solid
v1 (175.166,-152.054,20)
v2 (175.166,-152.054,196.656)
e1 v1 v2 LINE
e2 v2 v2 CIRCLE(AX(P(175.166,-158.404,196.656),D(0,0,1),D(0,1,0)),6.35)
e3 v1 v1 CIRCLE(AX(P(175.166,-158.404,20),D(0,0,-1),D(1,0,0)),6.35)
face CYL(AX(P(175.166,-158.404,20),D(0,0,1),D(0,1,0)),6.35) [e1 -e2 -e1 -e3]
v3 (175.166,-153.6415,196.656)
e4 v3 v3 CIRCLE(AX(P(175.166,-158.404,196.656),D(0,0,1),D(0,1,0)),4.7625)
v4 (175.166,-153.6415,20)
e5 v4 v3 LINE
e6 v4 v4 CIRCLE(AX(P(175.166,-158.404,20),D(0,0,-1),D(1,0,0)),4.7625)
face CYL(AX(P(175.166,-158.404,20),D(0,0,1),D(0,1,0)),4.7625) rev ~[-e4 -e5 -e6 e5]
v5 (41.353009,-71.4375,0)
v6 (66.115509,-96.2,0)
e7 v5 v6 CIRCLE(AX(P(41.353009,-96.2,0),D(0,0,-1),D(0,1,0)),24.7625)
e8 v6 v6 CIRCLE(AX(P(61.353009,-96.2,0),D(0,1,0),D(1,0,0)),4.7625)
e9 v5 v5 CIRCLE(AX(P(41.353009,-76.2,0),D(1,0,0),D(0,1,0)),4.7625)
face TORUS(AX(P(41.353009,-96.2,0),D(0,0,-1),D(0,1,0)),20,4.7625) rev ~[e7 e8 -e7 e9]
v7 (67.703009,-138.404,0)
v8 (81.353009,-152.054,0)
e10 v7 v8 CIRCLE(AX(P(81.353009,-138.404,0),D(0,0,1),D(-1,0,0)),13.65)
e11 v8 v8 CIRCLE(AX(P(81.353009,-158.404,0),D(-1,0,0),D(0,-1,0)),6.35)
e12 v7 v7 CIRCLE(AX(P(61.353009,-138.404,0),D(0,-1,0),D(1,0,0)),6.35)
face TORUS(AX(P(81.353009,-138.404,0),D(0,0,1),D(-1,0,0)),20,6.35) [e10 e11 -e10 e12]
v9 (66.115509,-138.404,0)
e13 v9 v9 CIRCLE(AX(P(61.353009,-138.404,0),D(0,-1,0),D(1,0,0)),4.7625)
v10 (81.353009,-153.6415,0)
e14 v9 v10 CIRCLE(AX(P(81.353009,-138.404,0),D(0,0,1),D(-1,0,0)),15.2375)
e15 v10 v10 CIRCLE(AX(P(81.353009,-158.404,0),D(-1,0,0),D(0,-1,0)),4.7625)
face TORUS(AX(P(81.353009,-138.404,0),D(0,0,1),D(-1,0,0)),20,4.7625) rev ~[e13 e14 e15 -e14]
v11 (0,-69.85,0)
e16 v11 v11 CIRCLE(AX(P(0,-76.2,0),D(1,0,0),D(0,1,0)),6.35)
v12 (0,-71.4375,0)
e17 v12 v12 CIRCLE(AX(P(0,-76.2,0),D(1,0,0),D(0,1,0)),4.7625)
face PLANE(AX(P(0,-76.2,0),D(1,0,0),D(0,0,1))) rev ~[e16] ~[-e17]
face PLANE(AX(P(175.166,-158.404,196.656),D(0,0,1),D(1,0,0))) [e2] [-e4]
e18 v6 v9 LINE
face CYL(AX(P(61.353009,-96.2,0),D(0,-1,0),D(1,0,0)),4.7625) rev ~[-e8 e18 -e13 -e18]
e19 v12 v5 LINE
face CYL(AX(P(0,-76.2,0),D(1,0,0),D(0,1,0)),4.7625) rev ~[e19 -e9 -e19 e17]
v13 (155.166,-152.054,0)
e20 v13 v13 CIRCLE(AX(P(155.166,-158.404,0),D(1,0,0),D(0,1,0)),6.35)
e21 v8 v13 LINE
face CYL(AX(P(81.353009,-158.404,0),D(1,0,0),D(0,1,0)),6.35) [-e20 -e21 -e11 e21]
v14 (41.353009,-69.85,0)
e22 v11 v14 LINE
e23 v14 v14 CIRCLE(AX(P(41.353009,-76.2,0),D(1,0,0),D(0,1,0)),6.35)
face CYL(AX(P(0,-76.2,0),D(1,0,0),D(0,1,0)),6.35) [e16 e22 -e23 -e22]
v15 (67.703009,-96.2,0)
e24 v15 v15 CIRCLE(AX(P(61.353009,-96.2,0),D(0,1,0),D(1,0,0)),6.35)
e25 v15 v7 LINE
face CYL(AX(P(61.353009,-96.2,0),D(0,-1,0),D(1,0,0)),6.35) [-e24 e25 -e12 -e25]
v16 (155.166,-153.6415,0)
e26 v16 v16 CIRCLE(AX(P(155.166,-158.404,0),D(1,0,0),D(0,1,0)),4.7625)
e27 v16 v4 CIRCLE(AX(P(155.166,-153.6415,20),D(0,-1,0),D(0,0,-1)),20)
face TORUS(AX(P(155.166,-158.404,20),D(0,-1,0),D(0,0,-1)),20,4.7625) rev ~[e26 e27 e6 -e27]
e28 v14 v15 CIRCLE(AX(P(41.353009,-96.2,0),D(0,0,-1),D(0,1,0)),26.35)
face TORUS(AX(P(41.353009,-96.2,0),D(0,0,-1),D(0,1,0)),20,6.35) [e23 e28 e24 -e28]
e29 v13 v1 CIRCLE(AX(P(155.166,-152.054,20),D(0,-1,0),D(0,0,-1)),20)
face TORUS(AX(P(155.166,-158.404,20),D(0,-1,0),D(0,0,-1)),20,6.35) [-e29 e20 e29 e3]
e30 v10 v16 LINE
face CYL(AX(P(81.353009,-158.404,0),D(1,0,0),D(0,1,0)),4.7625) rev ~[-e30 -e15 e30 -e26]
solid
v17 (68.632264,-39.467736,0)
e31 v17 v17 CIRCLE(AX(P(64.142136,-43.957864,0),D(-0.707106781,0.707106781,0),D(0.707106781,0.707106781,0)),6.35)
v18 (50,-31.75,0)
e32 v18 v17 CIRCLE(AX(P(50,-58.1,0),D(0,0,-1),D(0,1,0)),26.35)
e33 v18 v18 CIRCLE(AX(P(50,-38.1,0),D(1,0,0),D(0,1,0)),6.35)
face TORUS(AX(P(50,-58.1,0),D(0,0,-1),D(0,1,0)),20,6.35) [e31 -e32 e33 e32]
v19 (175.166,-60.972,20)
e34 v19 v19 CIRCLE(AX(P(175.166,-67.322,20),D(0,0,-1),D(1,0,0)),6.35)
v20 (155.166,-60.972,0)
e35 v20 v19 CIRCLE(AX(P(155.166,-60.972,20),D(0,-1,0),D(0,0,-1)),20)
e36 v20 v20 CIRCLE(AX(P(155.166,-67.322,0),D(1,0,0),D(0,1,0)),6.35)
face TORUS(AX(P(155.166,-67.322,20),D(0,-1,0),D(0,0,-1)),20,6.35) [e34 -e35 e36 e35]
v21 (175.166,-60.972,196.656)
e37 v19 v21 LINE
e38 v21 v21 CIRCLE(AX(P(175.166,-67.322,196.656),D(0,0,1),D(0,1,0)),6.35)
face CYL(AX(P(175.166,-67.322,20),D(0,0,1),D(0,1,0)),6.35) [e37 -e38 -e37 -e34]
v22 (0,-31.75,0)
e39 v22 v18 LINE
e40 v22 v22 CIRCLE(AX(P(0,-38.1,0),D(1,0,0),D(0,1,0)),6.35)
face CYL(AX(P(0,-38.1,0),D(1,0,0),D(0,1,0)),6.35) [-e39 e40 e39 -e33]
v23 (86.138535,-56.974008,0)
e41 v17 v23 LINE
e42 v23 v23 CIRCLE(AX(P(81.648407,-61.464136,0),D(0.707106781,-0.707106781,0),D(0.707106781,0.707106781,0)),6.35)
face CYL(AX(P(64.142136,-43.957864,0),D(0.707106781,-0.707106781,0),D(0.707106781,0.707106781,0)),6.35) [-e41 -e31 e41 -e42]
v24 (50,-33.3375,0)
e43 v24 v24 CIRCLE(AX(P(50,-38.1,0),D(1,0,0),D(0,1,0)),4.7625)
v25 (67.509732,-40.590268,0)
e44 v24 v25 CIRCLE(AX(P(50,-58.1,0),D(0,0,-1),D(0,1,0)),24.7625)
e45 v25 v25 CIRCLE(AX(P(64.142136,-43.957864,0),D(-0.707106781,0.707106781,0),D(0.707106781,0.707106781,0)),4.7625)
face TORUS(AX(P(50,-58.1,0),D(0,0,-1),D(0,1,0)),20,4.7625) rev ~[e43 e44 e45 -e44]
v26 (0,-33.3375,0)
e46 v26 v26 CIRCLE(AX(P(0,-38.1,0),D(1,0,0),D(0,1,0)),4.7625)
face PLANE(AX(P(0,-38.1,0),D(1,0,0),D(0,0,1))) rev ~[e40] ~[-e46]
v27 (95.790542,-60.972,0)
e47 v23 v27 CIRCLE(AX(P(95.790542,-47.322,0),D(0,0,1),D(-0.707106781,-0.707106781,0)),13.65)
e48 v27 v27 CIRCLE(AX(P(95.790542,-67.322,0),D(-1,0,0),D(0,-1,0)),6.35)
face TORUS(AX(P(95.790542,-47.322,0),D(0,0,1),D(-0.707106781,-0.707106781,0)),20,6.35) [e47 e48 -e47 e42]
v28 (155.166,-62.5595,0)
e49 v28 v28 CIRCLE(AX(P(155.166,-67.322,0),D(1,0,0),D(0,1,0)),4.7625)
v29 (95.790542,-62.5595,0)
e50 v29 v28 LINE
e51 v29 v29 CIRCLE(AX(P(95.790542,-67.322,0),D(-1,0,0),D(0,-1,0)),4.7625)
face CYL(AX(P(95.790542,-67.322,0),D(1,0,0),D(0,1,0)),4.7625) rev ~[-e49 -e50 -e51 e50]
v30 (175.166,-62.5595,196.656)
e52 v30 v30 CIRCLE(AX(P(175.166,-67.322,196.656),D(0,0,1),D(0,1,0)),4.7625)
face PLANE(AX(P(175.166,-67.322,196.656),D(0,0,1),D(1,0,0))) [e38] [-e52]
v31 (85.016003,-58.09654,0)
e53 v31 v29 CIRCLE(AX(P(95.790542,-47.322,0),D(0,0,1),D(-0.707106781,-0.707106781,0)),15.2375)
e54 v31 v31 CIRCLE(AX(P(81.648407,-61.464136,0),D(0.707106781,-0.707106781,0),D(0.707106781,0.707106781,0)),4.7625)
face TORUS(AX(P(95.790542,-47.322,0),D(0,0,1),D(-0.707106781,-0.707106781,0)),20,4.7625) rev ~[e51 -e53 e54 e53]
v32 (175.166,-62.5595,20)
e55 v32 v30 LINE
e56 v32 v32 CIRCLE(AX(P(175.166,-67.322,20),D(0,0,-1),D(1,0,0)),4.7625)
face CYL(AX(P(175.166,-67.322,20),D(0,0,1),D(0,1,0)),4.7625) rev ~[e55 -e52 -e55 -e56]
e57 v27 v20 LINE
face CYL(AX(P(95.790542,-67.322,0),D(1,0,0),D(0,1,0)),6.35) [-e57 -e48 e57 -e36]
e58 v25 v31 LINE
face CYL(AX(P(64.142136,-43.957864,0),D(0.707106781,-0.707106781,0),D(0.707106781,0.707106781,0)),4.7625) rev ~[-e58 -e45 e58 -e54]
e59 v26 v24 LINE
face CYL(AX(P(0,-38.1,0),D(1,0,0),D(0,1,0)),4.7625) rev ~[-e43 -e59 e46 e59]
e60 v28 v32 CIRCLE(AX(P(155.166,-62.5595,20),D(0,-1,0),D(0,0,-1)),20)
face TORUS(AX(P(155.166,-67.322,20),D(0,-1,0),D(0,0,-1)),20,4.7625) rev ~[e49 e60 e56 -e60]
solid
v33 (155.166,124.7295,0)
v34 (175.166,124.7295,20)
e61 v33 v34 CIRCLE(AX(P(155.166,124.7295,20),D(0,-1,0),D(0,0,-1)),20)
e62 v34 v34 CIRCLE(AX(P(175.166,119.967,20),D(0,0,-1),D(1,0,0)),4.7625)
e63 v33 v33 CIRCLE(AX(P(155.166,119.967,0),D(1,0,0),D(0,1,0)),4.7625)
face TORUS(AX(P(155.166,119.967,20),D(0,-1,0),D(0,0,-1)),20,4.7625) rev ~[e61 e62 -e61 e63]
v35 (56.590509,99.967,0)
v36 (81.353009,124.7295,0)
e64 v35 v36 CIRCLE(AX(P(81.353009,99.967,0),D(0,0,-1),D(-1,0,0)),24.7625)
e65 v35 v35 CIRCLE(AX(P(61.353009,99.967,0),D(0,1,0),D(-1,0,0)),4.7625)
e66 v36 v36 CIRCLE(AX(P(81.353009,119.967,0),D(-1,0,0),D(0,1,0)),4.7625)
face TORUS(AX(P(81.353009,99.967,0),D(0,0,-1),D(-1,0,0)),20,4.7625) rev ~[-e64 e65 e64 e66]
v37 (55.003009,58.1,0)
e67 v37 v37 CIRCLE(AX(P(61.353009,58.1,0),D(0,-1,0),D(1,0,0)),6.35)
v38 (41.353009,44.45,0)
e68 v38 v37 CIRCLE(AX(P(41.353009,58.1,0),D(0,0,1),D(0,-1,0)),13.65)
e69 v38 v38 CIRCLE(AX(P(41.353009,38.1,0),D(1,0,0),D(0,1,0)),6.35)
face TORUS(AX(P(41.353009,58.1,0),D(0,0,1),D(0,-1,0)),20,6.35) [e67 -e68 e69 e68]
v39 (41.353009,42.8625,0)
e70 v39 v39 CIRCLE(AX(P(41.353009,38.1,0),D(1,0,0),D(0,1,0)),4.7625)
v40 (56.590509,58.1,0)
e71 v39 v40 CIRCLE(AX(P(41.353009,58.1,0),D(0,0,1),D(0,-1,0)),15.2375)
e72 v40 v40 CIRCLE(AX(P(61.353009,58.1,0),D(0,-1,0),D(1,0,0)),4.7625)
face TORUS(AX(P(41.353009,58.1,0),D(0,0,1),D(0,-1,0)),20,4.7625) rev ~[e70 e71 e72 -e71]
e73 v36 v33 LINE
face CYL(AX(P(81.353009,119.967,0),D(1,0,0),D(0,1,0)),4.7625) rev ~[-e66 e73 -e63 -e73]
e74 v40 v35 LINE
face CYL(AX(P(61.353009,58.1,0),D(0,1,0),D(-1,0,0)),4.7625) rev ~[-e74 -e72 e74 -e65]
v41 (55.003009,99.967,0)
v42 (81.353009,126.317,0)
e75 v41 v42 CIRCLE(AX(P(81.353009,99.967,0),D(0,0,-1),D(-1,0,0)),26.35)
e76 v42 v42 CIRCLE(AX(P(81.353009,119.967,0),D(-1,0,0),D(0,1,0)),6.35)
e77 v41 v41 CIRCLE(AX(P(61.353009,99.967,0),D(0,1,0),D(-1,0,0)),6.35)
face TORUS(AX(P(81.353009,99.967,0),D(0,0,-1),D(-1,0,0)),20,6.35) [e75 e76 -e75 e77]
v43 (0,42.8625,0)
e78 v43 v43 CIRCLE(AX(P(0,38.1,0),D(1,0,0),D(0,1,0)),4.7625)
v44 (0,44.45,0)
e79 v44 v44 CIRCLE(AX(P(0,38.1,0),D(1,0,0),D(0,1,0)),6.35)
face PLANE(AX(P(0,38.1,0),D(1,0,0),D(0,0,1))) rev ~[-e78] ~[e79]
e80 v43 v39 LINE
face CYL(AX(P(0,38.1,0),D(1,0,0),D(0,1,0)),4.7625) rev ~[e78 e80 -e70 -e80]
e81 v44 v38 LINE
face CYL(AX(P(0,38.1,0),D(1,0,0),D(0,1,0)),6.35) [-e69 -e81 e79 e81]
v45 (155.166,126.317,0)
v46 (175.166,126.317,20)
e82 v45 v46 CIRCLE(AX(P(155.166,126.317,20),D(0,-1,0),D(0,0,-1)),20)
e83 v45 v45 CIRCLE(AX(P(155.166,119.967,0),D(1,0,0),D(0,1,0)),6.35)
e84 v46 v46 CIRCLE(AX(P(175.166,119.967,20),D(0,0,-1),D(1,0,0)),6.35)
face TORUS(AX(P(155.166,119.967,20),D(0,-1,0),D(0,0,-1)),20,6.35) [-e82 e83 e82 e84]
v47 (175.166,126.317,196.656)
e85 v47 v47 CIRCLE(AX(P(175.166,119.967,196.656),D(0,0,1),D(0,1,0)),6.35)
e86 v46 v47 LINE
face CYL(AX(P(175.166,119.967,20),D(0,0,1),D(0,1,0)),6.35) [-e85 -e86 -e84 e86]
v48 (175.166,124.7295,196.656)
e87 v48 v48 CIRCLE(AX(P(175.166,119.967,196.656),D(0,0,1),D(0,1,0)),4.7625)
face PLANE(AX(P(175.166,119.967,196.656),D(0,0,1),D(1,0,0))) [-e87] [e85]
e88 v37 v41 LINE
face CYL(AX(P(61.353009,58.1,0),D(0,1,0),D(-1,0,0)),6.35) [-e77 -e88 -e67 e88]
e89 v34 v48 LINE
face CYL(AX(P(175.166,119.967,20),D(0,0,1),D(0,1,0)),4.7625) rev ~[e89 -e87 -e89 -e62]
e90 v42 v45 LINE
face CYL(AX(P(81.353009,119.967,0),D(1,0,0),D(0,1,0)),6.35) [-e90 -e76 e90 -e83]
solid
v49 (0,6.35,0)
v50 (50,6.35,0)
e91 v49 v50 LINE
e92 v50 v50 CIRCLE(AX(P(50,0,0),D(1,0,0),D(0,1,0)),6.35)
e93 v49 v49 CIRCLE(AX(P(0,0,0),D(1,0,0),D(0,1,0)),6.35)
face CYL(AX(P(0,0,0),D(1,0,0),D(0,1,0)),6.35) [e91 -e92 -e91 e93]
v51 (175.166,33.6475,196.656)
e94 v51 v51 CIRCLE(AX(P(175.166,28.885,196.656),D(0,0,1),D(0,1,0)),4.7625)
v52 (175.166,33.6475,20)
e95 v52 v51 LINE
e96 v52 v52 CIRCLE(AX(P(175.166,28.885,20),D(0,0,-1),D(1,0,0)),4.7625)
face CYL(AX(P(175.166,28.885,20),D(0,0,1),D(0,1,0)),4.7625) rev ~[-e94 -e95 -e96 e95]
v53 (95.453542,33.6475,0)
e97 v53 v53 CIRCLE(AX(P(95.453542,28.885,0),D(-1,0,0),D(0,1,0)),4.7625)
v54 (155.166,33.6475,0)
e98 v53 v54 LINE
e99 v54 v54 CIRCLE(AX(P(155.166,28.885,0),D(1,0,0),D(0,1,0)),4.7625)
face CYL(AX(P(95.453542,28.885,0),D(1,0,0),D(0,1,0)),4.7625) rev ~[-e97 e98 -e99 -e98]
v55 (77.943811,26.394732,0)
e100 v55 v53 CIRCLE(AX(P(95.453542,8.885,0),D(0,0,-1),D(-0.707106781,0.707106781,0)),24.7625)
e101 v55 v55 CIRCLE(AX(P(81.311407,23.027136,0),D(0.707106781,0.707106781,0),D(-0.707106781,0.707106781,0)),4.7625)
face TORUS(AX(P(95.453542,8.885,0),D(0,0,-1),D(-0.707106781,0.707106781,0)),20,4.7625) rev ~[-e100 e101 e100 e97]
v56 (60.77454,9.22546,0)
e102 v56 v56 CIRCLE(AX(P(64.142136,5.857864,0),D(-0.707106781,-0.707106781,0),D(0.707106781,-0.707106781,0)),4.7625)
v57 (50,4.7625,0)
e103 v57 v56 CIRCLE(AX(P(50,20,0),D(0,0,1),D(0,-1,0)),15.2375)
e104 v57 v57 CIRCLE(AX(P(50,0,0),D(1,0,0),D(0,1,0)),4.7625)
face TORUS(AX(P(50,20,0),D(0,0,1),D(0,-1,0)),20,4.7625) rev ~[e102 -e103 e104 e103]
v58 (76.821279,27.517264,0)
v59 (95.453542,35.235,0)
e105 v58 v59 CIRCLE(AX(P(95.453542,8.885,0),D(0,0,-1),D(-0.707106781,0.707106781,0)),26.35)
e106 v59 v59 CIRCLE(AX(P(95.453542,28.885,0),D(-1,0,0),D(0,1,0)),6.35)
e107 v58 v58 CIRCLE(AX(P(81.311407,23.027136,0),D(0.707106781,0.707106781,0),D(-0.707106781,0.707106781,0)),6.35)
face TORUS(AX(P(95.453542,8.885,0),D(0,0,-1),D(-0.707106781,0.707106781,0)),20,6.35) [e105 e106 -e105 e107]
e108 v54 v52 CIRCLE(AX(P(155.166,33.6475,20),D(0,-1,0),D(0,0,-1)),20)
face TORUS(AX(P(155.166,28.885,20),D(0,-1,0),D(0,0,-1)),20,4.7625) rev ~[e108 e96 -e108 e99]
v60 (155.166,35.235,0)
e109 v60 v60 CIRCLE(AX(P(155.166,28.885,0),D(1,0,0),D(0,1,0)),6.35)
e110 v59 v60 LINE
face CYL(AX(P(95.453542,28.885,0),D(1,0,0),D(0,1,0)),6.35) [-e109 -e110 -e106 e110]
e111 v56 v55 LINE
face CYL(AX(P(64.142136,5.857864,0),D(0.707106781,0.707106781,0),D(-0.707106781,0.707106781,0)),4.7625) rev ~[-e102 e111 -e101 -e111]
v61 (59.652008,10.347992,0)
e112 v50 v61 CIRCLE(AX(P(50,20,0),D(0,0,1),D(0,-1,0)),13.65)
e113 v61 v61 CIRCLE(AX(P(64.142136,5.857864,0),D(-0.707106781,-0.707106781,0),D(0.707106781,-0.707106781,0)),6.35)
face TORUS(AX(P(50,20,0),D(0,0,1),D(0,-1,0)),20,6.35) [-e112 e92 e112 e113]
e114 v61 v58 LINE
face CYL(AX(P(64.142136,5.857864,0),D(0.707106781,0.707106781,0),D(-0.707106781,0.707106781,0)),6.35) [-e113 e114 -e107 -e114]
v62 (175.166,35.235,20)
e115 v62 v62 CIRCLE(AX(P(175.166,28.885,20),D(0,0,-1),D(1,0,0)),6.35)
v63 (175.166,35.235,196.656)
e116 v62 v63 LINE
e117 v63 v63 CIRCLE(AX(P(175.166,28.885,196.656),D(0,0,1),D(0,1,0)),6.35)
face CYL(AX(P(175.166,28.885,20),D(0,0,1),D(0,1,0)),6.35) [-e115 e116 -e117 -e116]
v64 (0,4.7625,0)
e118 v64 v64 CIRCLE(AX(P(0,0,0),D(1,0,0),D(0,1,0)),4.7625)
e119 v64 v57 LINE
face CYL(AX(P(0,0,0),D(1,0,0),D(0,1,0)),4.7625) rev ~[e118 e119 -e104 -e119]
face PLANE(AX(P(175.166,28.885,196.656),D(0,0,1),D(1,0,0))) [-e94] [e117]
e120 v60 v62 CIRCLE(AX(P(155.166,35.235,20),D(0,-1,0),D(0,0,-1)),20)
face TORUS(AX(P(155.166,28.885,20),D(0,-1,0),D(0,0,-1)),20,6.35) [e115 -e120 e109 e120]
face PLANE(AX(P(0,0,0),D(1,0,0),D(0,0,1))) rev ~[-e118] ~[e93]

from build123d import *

# Parameters (mm, degrees)
F2_R    = 6.35
F2_R_2  = 4.7625
F6_R    = 6.35
F6_R_2  = 4.7625
F10_R   = 6.35
F10_R_2 = 4.7625
F16_R   = 6.35
F16_R_2 = 4.7625


with BuildPart() as f5:
    # F5: sweep along a path in F1, F4
    with BuildLine(Plane.XY) as f5_path:
        Line((0, 0), (50, 0))
        ThreePointArc((50, 0), (57.6536686473, 1.5224093498), (64.1421356237, 5.8578643763))
        Line((64.1421356237, 5.8578643763), (81.3114068712, 23.0271356237))
        ThreePointArc((81.3114068712, 23.0271356237), (87.7998738476, 27.3625906502), (95.4535424949, 28.885))
        Line((95.4535424949, 28.885), (140, 28.885))
    with BuildLine(Plane.XZ.offset(-28.885)) as f5_path_2:
        Line((140, 0), (155.166, 0))
        ThreePointArc((155.166, 0), (169.3081356237, 5.8578643763), (175.166, 20))
        Line((175.166, 20), (175.166, 196.656))
    # F2 (on Right) → F5 (sweep)
    with BuildSketch(Plane.YZ):
        Circle(F2_R)
        Circle(F2_R_2, mode=Mode.SUBTRACT)
    sweep(path=f5_path.line + f5_path_2.line)


with BuildPart() as f14:
    # F14: sweep along a path in F7, F9
    with BuildLine(Plane.XY) as f14_path:
        Line((0, 38.1), (41.3530091941, 38.1))
        ThreePointArc((41.3530091941, 38.1), (55.4951448179, 43.9578643763), (61.3530091941, 58.1))
        Line((61.3530091941, 58.1), (61.3530091941, 99.967))
        ThreePointArc((61.3530091941, 99.967), (67.2108735704, 114.1091356237), (81.3530091941, 119.967))
        Line((81.3530091941, 119.967), (155.166, 119.967))
    with BuildLine(Plane.XZ.offset(-119.967)) as f14_path_2:
        ThreePointArc((155.166, 0), (169.3081356237, 5.8578643763), (175.166, 20))
        Line((175.166, 20), (175.166, 196.656))
    # F6 (on Right) → F14 (sweep)
    with BuildSketch(Plane.YZ):
        with Locations((38.1, 0)):
            Circle(F6_R)
        with Locations((38.1, 0)):
            Circle(F6_R_2, mode=Mode.SUBTRACT)
    sweep(path=f14_path.line + f14_path_2.line)


with BuildPart() as f15:
    # F15: sweep along a path in F11, F13
    with BuildLine(Plane.XY) as f15_path:
        Line((0, -38.1), (50, -38.1))
        ThreePointArc((50, -38.1), (57.6536686473, -39.6224093498), (64.1421356237, -43.9578643763))
        Line((64.1421356237, -43.9578643763), (81.6484068712, -61.4641356237))
        ThreePointArc((81.6484068712, -61.4641356237), (88.1368738476, -65.7995906502), (95.7905424949, -67.322))
        Line((95.7905424949, -67.322), (155.166, -67.322))
    with BuildLine(Plane.XZ.offset(67.322)) as f15_path_2:
        ThreePointArc((155.166, 0), (169.3081356237, 5.8578643763), (175.166, 20))
        Line((175.166, 20), (175.166, 196.656))
    # F10 (on Right) → F15 (sweep)
    with BuildSketch(Plane.YZ):
        with Locations((-38.1, 0)):
            Circle(F10_R)
        with Locations((-38.1, 0)):
            Circle(F10_R_2, mode=Mode.SUBTRACT)
    sweep(path=f15_path.line + f15_path_2.line)


with BuildPart() as f19:
    # F19: sweep along a path in F17, F18
    with BuildLine(Plane.XY) as f19_path:
        Line((0, -76.2), (41.3530091941, -76.2))
        ThreePointArc((41.3530091941, -76.2), (55.4951448179, -82.0578643763), (61.3530091941, -96.2))
        Line((61.3530091941, -96.2), (61.3530091941, -138.404))
        ThreePointArc((61.3530091941, -138.404), (67.2108735704, -152.5461356237), (81.3530091941, -158.404))
        Line((81.3530091941, -158.404), (155.166, -158.404))
    with BuildLine(Plane.XZ.offset(158.404)) as f19_path_2:
        ThreePointArc((155.166, 0), (169.3081356237, 5.8578643763), (175.166, 20))
        Line((175.166, 20), (175.166, 196.656))
    # F16 (on Right) → F19 (sweep)
    with BuildSketch(Plane.YZ):
        with Locations((-76.2, 0)):
            Circle(F16_R)
        with Locations((-76.2, 0)):
            Circle(F16_R_2, mode=Mode.SUBTRACT)
    sweep(path=f19_path.line + f19_path_2.line)


solid = Compound([f5.part, f14.part, f15.part, f19.part])
